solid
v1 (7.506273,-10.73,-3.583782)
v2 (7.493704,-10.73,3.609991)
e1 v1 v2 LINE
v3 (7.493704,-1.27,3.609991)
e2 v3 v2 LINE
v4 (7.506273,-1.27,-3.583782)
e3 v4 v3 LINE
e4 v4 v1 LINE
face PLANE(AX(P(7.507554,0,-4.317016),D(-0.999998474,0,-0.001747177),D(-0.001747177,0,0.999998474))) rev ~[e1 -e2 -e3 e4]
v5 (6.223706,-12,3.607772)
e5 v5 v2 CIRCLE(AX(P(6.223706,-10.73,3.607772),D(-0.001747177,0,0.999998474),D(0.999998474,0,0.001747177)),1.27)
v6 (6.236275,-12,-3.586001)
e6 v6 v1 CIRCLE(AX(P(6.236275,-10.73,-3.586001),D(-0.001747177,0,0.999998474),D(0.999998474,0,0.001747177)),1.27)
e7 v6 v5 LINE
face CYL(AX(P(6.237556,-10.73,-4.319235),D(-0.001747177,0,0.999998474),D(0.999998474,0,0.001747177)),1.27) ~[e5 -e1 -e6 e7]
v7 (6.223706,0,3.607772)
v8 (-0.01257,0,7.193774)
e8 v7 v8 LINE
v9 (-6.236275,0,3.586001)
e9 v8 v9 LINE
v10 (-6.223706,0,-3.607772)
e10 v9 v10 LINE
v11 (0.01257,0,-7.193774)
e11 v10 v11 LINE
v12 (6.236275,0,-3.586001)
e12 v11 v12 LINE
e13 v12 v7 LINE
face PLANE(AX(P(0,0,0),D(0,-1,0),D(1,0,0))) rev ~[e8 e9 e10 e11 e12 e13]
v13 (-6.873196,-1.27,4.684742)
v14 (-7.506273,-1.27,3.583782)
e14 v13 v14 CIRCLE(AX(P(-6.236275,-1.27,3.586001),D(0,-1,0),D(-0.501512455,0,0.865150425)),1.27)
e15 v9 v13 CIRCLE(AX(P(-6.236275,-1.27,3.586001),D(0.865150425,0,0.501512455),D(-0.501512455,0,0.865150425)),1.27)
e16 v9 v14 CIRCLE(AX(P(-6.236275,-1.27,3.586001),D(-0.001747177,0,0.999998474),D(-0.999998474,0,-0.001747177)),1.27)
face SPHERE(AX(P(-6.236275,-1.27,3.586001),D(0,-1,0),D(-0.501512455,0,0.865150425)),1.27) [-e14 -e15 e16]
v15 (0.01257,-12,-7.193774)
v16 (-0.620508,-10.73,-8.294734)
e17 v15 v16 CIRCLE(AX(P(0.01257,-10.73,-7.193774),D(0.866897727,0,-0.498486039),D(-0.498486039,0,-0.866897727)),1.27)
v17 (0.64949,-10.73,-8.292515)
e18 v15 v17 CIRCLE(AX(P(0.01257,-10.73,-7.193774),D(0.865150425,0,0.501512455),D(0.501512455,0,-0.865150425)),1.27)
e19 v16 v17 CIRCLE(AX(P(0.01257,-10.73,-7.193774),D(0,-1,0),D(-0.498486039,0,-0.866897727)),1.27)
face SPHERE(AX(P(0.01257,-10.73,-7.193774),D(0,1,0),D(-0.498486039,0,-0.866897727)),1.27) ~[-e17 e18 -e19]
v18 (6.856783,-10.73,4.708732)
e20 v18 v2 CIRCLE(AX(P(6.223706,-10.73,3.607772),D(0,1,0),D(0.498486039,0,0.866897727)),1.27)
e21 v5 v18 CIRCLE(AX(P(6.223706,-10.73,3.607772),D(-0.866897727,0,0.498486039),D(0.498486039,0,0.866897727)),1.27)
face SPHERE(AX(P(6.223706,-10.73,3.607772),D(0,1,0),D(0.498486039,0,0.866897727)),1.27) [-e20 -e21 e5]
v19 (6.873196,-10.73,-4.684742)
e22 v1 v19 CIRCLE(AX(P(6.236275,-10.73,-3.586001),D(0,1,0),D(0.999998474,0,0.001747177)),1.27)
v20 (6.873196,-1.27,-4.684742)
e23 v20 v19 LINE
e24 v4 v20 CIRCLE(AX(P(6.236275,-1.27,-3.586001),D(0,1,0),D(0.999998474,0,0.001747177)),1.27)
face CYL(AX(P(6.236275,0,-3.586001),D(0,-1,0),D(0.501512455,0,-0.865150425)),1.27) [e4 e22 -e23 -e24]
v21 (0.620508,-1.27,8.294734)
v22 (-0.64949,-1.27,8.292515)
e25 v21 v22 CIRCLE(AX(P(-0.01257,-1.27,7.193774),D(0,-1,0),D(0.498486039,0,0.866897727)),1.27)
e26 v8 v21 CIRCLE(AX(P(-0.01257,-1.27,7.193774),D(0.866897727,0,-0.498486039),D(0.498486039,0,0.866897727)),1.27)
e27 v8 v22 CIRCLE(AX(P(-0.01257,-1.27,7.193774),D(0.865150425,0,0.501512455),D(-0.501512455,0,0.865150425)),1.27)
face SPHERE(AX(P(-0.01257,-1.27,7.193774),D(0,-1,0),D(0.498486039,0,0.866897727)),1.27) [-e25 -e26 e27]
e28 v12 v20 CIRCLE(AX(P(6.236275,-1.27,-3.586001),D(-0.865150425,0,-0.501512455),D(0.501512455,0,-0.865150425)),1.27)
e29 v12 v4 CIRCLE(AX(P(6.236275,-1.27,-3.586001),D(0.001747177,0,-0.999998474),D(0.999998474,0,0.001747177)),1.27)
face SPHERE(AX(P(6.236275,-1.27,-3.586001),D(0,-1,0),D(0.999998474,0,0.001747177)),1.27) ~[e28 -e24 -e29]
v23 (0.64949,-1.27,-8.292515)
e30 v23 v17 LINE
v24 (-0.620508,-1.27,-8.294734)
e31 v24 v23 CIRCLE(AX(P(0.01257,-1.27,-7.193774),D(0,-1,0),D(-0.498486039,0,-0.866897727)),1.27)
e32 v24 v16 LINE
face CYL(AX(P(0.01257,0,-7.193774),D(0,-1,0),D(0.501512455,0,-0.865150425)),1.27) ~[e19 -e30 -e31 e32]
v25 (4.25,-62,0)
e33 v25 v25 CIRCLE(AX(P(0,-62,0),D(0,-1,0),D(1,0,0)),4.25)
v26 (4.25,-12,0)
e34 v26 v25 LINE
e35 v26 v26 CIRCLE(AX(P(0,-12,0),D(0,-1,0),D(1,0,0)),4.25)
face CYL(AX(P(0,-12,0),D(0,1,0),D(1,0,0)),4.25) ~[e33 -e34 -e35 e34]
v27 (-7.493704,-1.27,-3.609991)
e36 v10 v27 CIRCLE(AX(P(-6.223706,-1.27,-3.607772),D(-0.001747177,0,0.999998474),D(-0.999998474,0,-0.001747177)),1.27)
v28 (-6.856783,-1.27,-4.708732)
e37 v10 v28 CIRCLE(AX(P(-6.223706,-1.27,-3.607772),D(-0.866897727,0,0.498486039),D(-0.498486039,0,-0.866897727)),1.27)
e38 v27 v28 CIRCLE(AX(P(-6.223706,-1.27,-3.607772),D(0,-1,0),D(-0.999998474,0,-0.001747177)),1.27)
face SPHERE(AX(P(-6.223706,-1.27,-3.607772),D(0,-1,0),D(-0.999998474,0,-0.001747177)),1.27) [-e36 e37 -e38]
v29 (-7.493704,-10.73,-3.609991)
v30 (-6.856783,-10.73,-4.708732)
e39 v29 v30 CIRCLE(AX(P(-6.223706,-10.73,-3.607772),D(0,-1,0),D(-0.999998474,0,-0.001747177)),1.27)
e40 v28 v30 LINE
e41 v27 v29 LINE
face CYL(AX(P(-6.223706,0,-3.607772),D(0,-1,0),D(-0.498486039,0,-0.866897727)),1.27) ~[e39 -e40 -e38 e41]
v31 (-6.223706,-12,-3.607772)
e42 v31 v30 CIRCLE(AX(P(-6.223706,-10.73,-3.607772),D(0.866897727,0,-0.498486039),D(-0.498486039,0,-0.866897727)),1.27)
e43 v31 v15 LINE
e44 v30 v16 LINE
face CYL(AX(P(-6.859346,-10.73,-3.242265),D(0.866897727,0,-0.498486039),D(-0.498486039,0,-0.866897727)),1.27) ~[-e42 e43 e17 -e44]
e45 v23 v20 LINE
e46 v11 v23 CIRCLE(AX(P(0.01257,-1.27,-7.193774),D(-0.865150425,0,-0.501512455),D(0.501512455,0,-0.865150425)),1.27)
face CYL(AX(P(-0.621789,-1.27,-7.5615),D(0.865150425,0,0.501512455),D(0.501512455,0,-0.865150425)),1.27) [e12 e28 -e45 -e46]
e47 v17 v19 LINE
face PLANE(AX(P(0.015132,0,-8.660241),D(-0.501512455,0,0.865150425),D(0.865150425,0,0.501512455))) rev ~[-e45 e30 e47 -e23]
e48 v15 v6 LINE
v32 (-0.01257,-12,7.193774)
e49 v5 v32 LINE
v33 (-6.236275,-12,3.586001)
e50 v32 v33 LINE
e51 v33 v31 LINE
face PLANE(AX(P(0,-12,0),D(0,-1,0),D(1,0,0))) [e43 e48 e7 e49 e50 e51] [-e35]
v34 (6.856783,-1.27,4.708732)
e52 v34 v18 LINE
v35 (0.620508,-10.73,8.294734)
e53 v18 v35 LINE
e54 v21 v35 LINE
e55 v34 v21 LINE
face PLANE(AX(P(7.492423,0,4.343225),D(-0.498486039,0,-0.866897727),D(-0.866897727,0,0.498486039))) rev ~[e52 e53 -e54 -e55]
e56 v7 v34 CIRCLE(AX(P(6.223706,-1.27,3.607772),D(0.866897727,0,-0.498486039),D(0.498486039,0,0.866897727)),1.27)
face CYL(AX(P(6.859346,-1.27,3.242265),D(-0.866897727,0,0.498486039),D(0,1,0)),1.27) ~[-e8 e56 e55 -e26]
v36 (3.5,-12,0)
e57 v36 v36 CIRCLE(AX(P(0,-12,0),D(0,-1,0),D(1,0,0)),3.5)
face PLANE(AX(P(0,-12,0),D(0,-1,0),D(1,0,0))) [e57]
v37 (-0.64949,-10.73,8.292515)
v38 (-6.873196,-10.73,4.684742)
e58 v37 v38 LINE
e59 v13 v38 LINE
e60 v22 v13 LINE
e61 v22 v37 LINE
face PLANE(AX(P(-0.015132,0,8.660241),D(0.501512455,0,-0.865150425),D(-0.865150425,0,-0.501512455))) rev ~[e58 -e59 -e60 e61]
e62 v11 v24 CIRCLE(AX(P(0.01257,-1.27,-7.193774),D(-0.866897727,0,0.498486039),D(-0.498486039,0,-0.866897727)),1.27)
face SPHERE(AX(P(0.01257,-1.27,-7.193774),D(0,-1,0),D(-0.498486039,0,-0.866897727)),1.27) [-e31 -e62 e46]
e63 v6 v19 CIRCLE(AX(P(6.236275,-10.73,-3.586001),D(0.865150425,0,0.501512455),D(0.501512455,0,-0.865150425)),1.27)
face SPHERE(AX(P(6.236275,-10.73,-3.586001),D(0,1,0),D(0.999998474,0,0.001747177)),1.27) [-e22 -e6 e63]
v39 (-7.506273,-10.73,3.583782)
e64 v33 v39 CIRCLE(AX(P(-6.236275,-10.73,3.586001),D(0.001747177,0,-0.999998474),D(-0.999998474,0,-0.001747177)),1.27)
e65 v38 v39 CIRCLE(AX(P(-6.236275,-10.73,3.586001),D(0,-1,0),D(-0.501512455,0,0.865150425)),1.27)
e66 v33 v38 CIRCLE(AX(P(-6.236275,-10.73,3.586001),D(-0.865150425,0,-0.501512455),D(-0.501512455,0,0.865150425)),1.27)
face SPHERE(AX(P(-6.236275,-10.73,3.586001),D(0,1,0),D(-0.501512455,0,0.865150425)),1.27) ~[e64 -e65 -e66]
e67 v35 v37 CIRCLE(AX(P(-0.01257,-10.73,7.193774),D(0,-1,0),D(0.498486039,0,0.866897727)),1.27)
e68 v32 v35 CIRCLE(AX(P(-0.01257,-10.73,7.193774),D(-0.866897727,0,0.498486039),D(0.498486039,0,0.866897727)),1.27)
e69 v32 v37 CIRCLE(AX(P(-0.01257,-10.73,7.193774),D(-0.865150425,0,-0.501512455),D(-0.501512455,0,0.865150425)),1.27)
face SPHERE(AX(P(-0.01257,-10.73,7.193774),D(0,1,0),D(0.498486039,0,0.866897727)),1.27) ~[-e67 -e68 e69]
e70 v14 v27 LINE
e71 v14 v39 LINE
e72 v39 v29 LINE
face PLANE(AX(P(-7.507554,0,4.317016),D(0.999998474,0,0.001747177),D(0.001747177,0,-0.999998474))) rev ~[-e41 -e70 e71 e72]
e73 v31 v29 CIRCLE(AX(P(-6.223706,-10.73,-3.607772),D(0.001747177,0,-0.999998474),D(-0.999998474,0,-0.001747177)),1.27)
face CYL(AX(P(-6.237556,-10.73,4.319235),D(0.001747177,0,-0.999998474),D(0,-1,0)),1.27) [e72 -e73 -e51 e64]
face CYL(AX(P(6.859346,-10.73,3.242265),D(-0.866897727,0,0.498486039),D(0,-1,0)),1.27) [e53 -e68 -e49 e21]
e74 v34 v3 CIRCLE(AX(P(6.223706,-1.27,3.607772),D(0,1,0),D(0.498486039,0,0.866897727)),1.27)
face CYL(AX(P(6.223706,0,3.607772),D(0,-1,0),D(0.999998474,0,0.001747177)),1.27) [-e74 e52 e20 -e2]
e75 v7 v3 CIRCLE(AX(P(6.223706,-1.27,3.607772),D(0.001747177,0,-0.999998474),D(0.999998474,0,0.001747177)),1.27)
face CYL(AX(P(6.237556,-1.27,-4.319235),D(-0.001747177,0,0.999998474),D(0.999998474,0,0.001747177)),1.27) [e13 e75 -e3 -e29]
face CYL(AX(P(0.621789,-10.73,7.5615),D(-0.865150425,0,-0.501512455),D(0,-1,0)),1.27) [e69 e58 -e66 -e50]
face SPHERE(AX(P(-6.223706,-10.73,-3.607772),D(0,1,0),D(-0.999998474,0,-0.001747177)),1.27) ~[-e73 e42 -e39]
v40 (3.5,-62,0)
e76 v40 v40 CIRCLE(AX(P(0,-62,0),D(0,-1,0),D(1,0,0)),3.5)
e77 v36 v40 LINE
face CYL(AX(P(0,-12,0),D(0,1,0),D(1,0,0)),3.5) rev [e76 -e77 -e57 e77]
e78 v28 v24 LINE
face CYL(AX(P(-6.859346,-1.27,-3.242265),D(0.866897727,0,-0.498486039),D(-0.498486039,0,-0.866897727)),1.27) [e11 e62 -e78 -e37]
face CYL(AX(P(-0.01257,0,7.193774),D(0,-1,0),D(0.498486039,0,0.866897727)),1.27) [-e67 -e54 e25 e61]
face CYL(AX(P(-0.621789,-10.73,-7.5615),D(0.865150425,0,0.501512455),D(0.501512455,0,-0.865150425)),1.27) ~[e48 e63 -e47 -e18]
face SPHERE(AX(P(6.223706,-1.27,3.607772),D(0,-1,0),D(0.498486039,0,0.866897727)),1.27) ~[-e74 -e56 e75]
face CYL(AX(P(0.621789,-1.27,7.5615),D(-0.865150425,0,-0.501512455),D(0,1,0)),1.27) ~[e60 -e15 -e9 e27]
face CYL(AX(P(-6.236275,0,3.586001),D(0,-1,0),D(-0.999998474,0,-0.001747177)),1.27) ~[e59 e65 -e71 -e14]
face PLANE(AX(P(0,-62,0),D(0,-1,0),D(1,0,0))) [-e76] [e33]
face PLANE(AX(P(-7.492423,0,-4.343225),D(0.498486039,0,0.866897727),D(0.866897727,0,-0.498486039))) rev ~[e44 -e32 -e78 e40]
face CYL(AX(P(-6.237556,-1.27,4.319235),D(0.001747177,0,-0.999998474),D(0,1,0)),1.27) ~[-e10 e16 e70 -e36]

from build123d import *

# Parameters (mm, degrees)
F1_DEPTH = 12
F2_R     = 4.25
F2_R_2   = 3.5
F3_DEPTH = 50
F4_R     = 1.27


with BuildPart() as f1:
    # F0 (on Front) → F1 (new body)
    with BuildSketch(Plane.XZ):
        Polygon((0.015132, -8.660241), (7.507554, -4.317016), (7.492423, 4.343225), (-0.015132, 8.660241), (-7.507554, 4.317016), (-7.492423, -4.343225), align=None)
    extrude(amount=F1_DEPTH)

    # F2 (on face) → F3 (join)
    with BuildSketch(Plane.XZ.offset(12)):
        Circle(F2_R)
        Circle(F2_R_2, mode=Mode.SUBTRACT)
    extrude(amount=F3_DEPTH)

    # F4
    f4_edges = [f1.edges().sort_by_distance(p)[0] for p in [
        (7.492423, -6, 4.343225),
        (-0.015132, -6, 8.660241),
        (3.738645, 0, 6.501733),
        (3.738645, -12, 6.501733),
        (7.507554, -6, -4.317016),
        (7.499989, 0, 0.013105),
        (7.499989, -12, 0.013105),
        (-7.507554, -6, 4.317016),
        (-3.761343, 0, 6.488628),
        (-3.761343, -12, 6.488628),
        (-7.492423, -6, -4.343225),
        (-7.499989, 0, -0.013105),
        (-7.499989, -12, -0.013105),
        (0.015132, -6, -8.660241),
        (-3.738645, 0, -6.501733),
        (-3.738645, -12, -6.501733),
        (3.761343, 0, -6.488628),
        (3.761343, -12, -6.488628),
    ]]
    fillet(f4_edges, radius=F4_R)


solid = f1.part
